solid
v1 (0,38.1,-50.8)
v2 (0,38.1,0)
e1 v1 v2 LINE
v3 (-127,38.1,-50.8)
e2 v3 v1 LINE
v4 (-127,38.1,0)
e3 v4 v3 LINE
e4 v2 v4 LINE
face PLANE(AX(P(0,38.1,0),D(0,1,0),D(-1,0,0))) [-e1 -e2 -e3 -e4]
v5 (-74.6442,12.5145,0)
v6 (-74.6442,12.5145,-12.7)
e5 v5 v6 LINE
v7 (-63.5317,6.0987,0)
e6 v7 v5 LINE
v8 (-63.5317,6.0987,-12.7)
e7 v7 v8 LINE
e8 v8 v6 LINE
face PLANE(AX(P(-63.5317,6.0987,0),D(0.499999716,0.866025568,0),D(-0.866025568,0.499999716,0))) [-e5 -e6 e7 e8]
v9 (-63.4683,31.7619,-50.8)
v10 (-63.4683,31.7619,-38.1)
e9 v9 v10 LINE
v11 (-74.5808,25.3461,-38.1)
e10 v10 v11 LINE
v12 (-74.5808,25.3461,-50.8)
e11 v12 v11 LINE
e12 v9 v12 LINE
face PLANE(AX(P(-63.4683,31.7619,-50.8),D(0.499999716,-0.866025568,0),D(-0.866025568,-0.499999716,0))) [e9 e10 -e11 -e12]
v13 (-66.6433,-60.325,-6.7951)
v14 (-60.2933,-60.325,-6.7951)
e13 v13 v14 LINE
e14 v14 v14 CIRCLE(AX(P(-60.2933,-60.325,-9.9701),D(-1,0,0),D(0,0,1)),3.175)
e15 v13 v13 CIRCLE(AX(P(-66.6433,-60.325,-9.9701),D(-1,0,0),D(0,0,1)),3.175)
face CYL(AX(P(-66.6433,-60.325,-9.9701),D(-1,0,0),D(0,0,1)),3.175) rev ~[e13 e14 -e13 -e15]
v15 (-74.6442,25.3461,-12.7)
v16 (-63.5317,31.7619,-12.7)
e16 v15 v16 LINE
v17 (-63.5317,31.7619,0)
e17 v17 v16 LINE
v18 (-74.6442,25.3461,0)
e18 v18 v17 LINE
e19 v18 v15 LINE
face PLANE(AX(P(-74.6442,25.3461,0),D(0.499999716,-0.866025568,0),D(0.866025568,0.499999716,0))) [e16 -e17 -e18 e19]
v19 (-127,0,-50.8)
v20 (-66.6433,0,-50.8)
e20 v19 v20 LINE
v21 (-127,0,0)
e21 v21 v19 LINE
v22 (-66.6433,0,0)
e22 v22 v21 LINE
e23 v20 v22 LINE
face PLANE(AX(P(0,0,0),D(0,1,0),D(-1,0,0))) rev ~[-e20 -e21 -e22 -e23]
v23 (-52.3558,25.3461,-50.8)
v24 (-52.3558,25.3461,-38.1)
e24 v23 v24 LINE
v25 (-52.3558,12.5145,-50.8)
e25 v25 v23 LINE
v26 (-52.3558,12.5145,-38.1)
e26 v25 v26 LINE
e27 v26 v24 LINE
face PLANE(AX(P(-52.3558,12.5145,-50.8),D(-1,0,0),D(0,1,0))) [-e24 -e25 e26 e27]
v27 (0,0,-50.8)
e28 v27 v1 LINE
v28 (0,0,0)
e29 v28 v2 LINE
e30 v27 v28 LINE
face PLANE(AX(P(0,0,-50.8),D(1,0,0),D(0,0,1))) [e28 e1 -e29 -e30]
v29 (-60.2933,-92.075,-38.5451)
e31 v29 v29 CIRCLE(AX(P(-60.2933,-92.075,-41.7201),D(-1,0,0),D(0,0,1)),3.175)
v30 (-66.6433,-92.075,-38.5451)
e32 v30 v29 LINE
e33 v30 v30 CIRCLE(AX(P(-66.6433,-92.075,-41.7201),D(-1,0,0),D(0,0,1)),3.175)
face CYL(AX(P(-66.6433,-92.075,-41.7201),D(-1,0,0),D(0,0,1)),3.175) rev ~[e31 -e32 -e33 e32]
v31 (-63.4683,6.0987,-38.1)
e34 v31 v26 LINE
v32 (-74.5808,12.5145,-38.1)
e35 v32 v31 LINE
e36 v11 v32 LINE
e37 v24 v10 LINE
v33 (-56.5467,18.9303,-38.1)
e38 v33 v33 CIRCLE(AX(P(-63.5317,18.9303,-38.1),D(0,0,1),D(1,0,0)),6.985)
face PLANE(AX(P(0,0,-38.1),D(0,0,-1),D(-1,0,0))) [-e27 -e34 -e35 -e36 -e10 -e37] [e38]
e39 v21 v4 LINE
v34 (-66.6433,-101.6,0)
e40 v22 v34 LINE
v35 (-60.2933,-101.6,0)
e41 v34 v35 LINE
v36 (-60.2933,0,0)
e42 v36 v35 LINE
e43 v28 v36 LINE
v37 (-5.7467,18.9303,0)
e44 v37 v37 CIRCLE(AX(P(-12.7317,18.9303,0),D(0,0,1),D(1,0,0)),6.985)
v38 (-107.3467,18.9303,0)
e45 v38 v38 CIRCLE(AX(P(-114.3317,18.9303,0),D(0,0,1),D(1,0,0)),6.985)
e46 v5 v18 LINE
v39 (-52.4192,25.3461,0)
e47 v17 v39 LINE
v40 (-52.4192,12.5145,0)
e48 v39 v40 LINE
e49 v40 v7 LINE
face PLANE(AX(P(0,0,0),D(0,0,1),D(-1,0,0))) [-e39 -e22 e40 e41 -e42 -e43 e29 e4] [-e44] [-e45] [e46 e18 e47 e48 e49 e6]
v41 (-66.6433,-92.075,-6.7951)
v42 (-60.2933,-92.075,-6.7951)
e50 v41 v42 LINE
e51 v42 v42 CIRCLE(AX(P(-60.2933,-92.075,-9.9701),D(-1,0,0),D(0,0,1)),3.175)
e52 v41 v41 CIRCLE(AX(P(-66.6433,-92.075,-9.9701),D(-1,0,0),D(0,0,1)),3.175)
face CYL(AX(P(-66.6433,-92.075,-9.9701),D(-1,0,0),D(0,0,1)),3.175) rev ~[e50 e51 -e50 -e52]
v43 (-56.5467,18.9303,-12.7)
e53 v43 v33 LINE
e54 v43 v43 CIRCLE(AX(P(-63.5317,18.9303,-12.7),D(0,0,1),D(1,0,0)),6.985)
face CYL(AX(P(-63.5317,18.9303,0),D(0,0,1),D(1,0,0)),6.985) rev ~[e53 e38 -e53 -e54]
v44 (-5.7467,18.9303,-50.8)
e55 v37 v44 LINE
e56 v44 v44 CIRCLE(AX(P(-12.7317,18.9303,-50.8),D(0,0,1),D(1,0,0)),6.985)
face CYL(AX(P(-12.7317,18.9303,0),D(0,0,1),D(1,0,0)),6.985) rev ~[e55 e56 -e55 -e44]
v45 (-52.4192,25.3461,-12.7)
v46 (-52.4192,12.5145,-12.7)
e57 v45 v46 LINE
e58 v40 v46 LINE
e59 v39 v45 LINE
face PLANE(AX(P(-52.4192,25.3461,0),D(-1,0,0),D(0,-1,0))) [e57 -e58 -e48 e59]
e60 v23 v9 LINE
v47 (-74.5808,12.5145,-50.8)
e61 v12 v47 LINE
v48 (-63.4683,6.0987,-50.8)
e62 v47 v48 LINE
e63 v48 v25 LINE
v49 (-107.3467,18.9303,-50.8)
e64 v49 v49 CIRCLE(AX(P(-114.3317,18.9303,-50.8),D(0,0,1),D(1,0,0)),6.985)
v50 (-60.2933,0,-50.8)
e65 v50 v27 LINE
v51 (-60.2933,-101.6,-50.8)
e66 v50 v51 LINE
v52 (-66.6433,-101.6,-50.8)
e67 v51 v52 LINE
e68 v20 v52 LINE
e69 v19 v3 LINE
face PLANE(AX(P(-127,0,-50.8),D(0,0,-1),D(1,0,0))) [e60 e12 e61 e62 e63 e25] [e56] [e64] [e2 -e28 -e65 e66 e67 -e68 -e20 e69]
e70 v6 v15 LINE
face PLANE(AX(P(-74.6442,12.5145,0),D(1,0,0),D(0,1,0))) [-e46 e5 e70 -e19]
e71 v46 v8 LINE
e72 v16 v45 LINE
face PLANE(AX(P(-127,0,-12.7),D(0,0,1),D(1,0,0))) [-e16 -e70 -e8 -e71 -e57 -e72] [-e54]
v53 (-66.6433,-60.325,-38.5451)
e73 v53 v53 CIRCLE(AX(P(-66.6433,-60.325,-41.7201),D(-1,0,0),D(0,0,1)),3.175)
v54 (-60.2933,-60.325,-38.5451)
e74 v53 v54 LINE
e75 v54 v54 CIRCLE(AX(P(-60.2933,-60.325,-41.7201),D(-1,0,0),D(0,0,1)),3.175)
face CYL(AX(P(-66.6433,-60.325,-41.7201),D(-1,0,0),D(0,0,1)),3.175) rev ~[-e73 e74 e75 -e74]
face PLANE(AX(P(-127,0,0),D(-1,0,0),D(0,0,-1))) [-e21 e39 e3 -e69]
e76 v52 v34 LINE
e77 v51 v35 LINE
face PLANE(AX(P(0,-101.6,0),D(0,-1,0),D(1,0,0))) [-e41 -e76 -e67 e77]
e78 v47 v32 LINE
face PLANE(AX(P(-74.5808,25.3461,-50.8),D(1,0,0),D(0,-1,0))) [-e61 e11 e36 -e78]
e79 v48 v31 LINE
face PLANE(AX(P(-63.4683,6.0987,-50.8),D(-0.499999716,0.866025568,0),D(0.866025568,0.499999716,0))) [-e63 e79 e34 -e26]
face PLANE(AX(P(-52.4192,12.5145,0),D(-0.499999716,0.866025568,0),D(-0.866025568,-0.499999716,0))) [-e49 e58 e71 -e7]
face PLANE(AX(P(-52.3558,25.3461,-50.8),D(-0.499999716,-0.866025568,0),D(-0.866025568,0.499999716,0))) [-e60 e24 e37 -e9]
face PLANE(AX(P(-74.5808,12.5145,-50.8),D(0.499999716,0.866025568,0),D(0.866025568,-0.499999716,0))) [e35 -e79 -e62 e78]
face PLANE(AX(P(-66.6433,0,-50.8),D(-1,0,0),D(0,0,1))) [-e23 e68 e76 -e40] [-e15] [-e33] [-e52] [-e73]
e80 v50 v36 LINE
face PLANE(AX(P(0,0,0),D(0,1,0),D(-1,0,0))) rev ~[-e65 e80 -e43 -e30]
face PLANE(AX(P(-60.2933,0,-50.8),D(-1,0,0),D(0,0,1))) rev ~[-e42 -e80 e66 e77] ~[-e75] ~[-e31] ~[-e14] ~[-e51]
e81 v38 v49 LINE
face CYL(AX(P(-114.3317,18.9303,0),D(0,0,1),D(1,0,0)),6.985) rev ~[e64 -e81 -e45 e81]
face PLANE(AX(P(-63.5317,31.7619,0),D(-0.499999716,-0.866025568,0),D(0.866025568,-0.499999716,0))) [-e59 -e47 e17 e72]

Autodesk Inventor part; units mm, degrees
ref_plane "YZ Plane" through (0, 0, 0) normal (1, 0, 0) x (0, 1, 0)
ref_plane "XZ Plane" through (0, 0, 0) normal (0, 1, 0) x (-1, 0, 0)
ref_plane "XY Plane" through (0, 0, 0) normal (0, 0, 1) x (1, 0, 0)
sketch "Sketch1" plane through (0, 0, 0) normal (0, 1, 0) x (-1, 0, 0)
  line L0 (0, 0) -> (127, 0)
  line L1 (127, 0) -> (127, -50.8)
  line L2 (127, -50.8) -> (0, -50.8)
  line L3 (0, -50.8) -> (0, 0)
  dimension "d0" = 127
  dimension "d1" = 50.8
extrude "Extrusion1" add sketch "Sketch1" along normal blind 38.1
sketch "Sketch2" plane through (-127, 0, 0) normal (0, 0, 1) x (1, 0, 0)
  line L0 (123.825, 0) -> (3.175, 0) construction
  circle A0 centre (63.4683, 18.9303) radius 6.985
  circle A1 centre (12.6683, 18.9303) radius 6.985
  circle A2 centre (114.2683, 18.9303) radius 6.985
  line L1 (63.5, 0) -> (63.5, 25.2805) construction
  line L2 (127, 0) -> (127, 38.1) construction
  line L3 (127, 19.05) -> (0, 19.05) construction
  point P0 (0, -12.7)
  dimension "d4" = 13.97
  dimension "d5" = 13.97
  dimension "d8" = 13.97
  dimension "d9" = 50.8
  dimension "d10" = 50.8
extrude "Extrusion2" cut sketch "Sketch2" against normal through all
sketch "Sketch3" plane through (-127, 0, 0) normal (0, 0, 1) x (1, 0, 0)
  circle A0 centre (63.4683, 18.9303) radius 6.985 projected
  line L0 (63.4683, 31.7619) -> (74.5808, 25.3461)
  line L1 (74.5808, 25.3461) -> (74.5808, 12.5145)
  line L2 (74.5808, 12.5145) -> (63.4683, 6.0987)
  line L3 (63.4683, 6.0987) -> (52.3558, 12.5145)
  line L4 (52.3558, 12.5145) -> (52.3558, 25.3461)
  line L5 (52.3558, 25.3461) -> (63.4683, 31.7619)
  point P0 (127, 0)
  dimension "d11" = 22.225
extrude "Extrusion3" cut sketch "Sketch3" against normal blind 12.7
sketch "Sketch4" plane through (0, 0, -50.8) normal (0, 0, -1) x (-1, 0, 0)
  line L0 (63.4683, 31.7619) -> (74.5808, 25.3461)
  line L1 (74.5808, 25.3461) -> (74.5808, 12.5145)
  line L2 (74.5808, 12.5145) -> (63.4683, 6.0987)
  line L3 (63.4683, 6.0987) -> (52.3558, 12.5145)
  line L4 (52.3558, 12.5145) -> (52.3558, 25.3461)
  line L5 (52.3558, 25.3461) -> (63.4683, 31.7619)
  point P0 (0, 0)
  point P1 (127, 0)
  point P2 (63.4683, 18.9303)
  dimension "d14" = 22.225
extrude "Extrusion5" cut sketch "Sketch4" against normal blind 12.7
sketch "Sketch5" plane through (0, 0, 0) normal (0, -1, 0) x (1, 0, 0)
  line L0 (-63.4683, -50.8) -> (-66.6433, -50.8)
  line L1 (-66.6433, -50.8) -> (-66.6433, 0)
  line L2 (-66.6433, 0) -> (-63.4683, 0)
  line L3 (-63.4683, 0) -> (-63.4683, -50.8) construction
  line L4 (-63.4683, -50.8) -> (-60.2933, -50.8)
  line L5 (-60.2933, -50.8) -> (-60.2933, 0)
  line L6 (-60.2933, 0) -> (-63.4683, 0)
  point P0 (0, 0)
  dimension "d19" = 3.175
  dimension "d20" = 50.8
extrude "Extrusion6" add sketch "Sketch5" along normal blind 101.6
sketch "Sketch6" plane through (-66.6433, 0, -50.8) normal (-1, 0, 0) x (0, 0, 1)
  line L0 (0, 0) -> (0, -101.6) construction
  line L1 (0, -101.6) -> (50.8, -101.6) construction
  line L2 (50.8, -101.6) -> (50.8, -50.8) construction
  line L3 (50.8, -50.8) -> (0, -50.8) construction
  line L4 (0, -50.8) -> (0, -101.6) construction
  line L5 (0, -50.8) -> (49.9098, -101.6) construction
  line L6 (9.0799, -92.075) -> (40.8299, -92.075) construction
  line L7 (40.8299, -92.075) -> (40.8299, -60.325) construction
  line L8 (40.8299, -60.325) -> (9.0799, -60.325) construction
  line L9 (9.0799, -60.325) -> (9.0799, -92.075) construction
  line L10 (9.0799, -92.075) -> (40.8299, -60.325) construction
  line L11 (40.8299, -92.075) -> (9.0799, -60.325) construction
  circle A0 centre (40.8299, -60.325) radius 3.175
  circle A1 centre (40.8299, -92.075) radius 3.175
  circle A2 centre (9.0799, -92.075) radius 3.175
  circle A3 centre (9.0799, -60.325) radius 3.175
  point P0 (50.8, 0)
  point P1 (24.9549, -76.2)
  dimension "d23" = 50.8
  dimension "d24" = 50.8
  dimension "d25" = 31.75
  dimension "d26" = 31.75
  dimension "d27" = 6.35
  dimension "d28" = 6.35
  dimension "d29" = 6.35
  dimension "d30" = 6.35
extrude "Extrusion7" cut sketch "Sketch6" against normal through all
properties part number "Traveller"
